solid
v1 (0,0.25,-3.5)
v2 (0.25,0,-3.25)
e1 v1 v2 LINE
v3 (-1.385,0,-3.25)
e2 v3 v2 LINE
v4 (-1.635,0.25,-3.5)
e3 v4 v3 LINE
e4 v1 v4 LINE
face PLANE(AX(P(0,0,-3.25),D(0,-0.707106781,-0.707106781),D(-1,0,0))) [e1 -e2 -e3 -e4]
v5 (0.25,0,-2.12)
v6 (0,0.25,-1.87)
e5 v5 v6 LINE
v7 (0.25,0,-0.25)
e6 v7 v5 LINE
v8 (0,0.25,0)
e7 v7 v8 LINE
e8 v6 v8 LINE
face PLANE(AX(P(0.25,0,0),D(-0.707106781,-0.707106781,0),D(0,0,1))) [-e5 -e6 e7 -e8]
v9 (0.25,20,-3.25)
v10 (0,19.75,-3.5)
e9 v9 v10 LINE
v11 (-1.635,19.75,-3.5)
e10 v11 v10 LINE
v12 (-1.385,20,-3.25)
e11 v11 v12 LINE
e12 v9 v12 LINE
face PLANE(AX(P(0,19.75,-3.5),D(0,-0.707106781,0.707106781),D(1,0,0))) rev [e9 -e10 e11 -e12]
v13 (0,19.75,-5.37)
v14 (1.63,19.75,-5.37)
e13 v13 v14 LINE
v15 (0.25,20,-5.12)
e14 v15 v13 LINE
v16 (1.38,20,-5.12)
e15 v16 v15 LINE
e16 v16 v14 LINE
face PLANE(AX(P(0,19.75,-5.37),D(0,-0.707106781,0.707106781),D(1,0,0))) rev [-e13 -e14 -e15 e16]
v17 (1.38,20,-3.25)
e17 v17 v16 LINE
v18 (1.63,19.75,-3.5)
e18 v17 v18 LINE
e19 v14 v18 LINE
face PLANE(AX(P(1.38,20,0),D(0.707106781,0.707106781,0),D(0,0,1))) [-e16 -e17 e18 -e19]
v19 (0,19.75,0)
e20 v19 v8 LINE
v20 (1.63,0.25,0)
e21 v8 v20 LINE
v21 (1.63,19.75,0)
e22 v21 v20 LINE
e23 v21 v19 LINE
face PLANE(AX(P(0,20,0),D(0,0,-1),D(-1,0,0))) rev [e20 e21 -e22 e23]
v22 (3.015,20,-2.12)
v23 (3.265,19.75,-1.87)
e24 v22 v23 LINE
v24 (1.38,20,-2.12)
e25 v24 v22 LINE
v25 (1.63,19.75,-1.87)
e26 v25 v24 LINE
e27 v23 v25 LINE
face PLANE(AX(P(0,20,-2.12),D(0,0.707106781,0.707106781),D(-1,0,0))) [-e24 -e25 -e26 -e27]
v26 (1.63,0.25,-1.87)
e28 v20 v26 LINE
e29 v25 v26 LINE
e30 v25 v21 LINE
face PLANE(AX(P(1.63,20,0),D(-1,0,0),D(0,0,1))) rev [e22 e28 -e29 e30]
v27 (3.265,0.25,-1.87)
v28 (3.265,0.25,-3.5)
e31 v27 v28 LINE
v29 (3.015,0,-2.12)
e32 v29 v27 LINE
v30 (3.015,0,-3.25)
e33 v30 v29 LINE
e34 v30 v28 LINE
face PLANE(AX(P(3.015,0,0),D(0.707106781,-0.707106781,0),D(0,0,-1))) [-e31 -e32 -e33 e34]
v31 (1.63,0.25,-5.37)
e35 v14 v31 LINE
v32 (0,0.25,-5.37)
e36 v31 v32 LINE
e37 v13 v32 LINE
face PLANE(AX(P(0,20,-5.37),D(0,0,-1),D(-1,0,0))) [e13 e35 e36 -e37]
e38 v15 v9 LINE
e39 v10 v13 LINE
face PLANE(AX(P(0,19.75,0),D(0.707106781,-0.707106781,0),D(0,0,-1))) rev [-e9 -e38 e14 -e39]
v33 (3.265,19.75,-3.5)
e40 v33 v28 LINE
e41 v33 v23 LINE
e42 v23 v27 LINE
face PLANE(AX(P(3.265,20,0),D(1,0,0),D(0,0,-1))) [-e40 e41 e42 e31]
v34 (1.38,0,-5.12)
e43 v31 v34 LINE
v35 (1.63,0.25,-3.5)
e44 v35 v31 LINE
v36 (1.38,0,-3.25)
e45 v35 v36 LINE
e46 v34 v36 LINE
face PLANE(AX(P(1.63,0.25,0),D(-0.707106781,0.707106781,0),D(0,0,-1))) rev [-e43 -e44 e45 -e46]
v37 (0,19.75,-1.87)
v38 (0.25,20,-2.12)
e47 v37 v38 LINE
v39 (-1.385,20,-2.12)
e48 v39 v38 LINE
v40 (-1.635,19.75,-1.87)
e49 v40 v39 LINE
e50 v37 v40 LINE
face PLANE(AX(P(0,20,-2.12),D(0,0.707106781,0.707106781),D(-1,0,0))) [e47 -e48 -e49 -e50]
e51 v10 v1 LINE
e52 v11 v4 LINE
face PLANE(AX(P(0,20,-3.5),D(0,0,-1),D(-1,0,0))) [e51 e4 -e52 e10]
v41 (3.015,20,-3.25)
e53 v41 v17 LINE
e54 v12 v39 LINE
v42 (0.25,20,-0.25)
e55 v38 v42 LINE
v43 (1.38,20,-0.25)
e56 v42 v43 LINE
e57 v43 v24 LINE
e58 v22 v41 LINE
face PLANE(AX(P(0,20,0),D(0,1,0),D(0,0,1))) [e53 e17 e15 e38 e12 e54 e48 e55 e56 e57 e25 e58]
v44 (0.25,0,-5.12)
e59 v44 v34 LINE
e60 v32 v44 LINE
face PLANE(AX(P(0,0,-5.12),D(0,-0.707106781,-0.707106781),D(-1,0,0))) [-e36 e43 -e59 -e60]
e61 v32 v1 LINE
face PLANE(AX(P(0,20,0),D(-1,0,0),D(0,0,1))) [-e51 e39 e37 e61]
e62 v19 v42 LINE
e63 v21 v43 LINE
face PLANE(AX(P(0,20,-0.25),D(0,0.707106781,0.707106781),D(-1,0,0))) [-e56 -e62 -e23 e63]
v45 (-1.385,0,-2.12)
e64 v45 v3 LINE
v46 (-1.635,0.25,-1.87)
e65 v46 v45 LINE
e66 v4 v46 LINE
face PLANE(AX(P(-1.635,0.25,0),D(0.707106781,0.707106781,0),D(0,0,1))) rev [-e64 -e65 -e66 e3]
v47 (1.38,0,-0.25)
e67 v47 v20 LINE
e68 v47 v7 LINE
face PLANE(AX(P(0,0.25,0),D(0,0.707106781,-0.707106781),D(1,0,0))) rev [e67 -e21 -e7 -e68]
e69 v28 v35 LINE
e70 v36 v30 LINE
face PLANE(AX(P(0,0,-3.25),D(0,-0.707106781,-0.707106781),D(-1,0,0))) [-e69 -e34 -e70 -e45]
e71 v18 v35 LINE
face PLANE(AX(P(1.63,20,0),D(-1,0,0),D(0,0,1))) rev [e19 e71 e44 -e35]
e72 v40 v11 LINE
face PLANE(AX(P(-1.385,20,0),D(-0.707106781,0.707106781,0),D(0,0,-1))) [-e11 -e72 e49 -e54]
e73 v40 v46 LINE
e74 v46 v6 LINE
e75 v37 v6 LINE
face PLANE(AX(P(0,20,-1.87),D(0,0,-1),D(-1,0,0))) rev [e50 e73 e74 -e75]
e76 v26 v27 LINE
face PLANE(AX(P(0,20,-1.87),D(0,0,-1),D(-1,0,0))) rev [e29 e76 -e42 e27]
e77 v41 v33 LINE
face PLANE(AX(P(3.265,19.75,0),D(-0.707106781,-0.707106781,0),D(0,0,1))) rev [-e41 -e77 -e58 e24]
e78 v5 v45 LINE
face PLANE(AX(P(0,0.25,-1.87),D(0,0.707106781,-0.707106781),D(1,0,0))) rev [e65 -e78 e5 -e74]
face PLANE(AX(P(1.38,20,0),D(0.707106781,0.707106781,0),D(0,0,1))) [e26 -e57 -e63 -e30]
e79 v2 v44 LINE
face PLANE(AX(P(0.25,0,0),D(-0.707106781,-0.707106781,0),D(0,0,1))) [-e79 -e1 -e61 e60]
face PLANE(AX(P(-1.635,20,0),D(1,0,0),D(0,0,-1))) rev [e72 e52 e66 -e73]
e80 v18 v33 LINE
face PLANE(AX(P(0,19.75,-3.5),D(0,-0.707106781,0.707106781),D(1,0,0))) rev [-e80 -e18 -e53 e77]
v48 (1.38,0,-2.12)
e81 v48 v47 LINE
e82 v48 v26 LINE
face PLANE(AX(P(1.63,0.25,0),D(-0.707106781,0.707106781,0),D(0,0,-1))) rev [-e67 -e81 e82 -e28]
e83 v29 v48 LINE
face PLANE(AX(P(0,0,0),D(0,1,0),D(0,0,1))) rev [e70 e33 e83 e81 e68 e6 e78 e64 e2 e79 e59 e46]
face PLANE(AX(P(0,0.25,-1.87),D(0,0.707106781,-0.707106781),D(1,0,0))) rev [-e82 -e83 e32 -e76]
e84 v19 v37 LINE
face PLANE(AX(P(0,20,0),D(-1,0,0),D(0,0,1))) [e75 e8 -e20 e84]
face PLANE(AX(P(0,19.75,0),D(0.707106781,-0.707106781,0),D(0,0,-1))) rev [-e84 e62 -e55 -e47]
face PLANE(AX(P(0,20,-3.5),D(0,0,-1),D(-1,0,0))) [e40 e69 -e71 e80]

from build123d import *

# Parameters (mm, degrees)
SKETCH1_W           = 1.635
SKETCH1_H           = 1.63
SKETCH1_W_2         = 1.63
SKETCH1_H_2         = 1.87
BOSS_EXTRUDE1_DEPTH = 20
CHAMFER1_SIZE       = 0.25
CHAMFER2_SIZE       = 0.25


with BuildPart() as part:
    # Sketch1 → Boss-Extrude1 (new body)
    with BuildSketch(Plane(origin=(0, 0, 0), x_dir=(1, 0, 0), z_dir=(0, 1, 0))):
        with Locations((-0.8175, 2.685)):
            Rectangle(SKETCH1_W, SKETCH1_H)
        with Locations((0.815, 2.685)):
            Rectangle(SKETCH1_W_2, SKETCH1_H)
        with Locations((0.815, 4.435)):
            Rectangle(SKETCH1_W_2, SKETCH1_H_2)
        with Locations((2.4475, 2.685)):
            Rectangle(SKETCH1_W, SKETCH1_H)
        with Locations((0.815, 0.935)):
            Rectangle(SKETCH1_W_2, SKETCH1_H_2)
    extrude(amount=BOSS_EXTRUDE1_DEPTH)

    # Chamfer1
    chamfer1_edges = [part.edges().sort_by_distance(p)[0] for p in [
        (-0.8175, 20, -1.87),
        (0, 20, -0.935),
        (0.815, 20, 0),
        (1.63, 20, -0.935),
        (2.4475, 20, -1.87),
        (3.265, 20, -2.685),
        (2.4475, 20, -3.5),
        (1.63, 20, -4.435),
        (-1.635, 20, -2.685),
        (0.815, 20, -5.37),
        (0, 20, -4.435),
        (-0.8175, 20, -3.5),
    ]]
    chamfer(chamfer1_edges, length=CHAMFER1_SIZE)

    # Chamfer2
    chamfer2_edges = [part.edges().sort_by_distance(p)[0] for p in [
        (-0.8175, 0, -3.5),
        (0, 0, -4.435),
        (0.815, 0, -5.37),
        (1.63, 0, -4.435),
        (2.4475, 0, -3.5),
        (3.265, 0, -2.685),
        (2.4475, 0, -1.87),
        (1.63, 0, -0.935),
        (0.815, 0, 0),
        (0, 0, -0.935),
        (-0.8175, 0, -1.87),
        (-1.635, 0, -2.685),
    ]]
    chamfer(chamfer2_edges, length=CHAMFER2_SIZE)


solid = part.part
